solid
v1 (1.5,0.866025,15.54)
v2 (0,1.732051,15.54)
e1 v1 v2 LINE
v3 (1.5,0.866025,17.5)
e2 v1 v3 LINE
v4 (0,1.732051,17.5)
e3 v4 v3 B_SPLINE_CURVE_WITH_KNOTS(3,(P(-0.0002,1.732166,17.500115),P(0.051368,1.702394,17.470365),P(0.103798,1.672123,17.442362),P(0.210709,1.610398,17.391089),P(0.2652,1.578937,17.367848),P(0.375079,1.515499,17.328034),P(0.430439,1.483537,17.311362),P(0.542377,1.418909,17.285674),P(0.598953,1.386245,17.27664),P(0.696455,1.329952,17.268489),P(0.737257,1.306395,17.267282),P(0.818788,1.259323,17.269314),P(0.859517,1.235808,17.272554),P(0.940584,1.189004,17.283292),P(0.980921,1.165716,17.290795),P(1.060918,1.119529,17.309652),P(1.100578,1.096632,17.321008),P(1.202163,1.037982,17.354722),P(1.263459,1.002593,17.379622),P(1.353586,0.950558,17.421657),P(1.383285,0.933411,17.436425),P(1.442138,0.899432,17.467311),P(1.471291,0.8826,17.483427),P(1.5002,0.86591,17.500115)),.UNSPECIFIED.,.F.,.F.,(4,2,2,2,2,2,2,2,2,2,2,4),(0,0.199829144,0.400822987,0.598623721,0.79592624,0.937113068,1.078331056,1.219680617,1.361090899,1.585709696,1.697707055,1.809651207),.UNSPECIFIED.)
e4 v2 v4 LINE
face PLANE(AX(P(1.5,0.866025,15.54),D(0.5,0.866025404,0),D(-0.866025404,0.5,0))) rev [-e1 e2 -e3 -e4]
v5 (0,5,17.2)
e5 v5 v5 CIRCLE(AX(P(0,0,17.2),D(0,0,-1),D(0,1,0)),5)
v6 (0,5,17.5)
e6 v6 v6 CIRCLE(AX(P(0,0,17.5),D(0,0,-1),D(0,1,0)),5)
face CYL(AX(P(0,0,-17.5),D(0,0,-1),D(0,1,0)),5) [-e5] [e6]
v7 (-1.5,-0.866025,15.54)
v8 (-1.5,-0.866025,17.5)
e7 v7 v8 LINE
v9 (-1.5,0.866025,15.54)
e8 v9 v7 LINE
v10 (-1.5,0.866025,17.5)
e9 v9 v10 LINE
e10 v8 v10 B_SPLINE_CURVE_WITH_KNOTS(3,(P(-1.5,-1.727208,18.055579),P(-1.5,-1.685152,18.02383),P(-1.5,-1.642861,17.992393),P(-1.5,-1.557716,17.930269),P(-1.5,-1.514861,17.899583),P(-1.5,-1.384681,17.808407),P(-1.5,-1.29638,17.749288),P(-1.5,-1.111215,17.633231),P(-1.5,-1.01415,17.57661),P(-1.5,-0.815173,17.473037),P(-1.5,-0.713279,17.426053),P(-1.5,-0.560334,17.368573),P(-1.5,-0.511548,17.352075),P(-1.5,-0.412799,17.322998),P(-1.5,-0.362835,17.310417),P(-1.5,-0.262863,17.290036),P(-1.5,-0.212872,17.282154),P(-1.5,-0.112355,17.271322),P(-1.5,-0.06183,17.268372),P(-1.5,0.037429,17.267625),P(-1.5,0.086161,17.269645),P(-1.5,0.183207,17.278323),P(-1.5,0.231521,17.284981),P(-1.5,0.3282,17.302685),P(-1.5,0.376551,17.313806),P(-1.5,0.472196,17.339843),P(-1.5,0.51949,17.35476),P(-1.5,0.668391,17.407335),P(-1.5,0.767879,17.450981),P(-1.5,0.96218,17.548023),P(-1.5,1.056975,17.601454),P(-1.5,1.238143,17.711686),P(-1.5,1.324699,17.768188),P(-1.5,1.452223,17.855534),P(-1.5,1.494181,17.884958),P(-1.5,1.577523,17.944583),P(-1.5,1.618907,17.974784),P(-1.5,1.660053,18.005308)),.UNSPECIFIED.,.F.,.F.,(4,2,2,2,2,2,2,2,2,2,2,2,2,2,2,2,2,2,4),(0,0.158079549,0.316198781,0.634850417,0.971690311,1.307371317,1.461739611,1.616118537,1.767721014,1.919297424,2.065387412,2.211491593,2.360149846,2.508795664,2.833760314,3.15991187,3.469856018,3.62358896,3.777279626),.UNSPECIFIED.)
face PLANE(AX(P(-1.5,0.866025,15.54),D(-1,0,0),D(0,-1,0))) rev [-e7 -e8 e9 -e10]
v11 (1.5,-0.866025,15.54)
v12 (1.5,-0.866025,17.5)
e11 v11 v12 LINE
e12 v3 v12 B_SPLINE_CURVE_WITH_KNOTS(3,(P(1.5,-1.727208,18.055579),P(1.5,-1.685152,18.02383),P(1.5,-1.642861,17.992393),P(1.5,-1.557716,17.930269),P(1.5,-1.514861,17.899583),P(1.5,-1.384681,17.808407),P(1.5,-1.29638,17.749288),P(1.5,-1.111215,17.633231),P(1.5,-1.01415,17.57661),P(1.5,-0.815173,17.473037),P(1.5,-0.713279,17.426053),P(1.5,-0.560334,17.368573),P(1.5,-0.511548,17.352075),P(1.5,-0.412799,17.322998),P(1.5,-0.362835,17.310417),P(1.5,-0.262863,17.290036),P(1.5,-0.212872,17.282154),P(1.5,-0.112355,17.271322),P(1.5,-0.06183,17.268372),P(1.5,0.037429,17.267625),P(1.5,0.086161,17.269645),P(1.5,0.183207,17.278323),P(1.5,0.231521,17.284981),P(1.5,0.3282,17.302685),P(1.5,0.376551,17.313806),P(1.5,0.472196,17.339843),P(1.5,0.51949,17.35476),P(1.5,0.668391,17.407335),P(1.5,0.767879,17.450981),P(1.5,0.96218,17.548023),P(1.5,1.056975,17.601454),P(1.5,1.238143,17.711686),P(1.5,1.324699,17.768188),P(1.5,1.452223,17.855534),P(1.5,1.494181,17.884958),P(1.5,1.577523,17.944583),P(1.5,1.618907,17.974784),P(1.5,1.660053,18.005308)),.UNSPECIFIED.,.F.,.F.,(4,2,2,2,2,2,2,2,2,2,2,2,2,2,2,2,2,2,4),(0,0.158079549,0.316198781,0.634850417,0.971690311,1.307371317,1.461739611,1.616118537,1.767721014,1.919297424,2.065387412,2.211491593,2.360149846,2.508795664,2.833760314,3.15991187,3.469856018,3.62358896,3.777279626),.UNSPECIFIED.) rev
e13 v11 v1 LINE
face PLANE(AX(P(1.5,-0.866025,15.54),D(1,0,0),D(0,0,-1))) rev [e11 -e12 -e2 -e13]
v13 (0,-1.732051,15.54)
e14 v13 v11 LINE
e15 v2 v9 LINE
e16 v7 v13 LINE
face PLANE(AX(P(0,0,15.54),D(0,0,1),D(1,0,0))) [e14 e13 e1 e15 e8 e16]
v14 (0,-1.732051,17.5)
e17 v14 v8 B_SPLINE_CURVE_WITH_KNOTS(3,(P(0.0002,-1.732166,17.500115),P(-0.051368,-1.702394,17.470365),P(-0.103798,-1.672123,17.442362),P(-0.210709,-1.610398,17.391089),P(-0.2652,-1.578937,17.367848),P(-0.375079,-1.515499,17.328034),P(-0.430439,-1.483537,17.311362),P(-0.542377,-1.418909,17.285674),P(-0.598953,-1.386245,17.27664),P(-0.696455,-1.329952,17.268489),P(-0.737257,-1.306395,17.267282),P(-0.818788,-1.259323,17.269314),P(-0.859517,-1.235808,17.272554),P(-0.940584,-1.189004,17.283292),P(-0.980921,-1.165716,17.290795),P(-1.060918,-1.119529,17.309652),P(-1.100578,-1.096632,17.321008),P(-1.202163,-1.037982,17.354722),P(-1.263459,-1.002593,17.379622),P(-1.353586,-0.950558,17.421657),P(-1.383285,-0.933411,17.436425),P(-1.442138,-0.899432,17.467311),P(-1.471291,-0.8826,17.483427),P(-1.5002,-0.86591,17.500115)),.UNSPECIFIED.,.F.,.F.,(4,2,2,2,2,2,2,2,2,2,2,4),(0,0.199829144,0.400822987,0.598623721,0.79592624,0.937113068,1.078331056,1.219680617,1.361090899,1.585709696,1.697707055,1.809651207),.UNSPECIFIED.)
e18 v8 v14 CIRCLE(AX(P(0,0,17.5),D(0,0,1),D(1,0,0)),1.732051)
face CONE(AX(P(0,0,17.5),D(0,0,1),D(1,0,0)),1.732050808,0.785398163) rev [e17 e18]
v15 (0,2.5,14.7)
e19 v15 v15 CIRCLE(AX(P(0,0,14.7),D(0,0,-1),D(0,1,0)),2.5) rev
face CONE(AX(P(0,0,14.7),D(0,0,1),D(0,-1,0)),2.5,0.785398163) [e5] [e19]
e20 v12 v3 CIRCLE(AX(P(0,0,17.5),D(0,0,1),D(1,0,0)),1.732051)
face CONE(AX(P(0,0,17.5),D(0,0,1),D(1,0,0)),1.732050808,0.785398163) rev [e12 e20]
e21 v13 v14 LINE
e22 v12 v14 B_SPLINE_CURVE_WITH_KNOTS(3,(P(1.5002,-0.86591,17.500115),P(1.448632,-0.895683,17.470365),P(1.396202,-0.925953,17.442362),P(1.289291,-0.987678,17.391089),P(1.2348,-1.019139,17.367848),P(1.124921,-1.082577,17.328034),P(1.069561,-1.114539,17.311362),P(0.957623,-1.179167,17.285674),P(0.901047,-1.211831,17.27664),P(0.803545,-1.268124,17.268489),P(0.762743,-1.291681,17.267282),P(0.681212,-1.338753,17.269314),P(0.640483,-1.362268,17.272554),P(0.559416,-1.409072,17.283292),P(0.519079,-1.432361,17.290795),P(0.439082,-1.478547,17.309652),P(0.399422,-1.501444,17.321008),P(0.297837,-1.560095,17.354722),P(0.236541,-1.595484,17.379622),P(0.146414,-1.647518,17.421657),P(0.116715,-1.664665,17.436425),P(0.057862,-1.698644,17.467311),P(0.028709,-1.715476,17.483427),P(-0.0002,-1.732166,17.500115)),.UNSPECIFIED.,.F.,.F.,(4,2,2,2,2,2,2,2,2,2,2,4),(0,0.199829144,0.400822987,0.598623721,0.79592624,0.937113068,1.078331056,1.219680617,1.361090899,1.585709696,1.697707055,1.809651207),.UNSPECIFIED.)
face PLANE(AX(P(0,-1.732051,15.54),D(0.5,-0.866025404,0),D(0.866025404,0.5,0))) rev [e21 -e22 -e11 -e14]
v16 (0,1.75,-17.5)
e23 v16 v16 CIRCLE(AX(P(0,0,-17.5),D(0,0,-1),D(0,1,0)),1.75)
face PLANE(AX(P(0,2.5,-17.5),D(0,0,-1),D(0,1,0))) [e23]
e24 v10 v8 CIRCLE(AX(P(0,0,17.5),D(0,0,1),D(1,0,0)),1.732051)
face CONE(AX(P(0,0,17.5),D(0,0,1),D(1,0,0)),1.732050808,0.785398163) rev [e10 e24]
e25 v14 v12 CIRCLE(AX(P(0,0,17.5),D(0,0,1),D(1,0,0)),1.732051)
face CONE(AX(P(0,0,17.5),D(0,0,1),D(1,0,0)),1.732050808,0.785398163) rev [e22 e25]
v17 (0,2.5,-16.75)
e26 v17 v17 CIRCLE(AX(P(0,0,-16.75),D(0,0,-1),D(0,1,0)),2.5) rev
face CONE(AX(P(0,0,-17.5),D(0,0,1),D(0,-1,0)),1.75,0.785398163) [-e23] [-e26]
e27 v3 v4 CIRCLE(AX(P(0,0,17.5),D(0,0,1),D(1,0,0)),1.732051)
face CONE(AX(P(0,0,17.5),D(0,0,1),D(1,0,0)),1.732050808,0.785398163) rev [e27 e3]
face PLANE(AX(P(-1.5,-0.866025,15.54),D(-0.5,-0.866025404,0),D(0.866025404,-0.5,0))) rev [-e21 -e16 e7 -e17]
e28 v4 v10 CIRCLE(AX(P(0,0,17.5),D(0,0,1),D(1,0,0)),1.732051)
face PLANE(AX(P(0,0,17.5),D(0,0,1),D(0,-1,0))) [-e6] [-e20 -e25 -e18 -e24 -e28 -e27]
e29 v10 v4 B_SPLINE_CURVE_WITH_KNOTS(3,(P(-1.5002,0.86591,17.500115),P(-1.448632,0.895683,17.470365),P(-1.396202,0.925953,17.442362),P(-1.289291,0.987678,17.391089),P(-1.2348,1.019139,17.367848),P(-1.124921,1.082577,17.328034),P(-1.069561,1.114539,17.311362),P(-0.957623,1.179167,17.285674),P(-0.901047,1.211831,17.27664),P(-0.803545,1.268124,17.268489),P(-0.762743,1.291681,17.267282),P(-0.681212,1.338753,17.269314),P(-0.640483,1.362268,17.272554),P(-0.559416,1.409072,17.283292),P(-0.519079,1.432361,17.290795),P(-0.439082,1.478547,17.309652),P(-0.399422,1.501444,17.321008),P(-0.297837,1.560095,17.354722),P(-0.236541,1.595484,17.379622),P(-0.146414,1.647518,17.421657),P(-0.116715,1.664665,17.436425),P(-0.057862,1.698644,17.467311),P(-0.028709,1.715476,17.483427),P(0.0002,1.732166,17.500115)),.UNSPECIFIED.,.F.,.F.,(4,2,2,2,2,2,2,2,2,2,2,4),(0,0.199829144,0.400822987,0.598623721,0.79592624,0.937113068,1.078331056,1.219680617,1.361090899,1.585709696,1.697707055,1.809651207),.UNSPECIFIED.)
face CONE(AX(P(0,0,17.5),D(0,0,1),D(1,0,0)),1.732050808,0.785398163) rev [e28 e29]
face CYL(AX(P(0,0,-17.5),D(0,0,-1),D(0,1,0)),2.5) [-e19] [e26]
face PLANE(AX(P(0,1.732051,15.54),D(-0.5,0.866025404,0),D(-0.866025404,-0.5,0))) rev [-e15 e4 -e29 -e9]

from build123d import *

# Parameters (mm, degrees)
SKETCH3_W          = 35
SKETCH3_H          = 2.5
CHAMFER1_SIZE      = 0.75
CUT_EXTRUDE1_DEPTH = 1.96
SKETCH9_R          = 1.732050808
CUT_EXTRUDE2_DEPTH = 1.96
CUT_EXTRUDE2_DRAFT = -45


with BuildPart() as part:
    # Sketch3 → Revolve1 (revolve)
    with BuildSketch(Plane(origin=(0, 0, 0), x_dir=(0, 0, -1), z_dir=(1, 0, 0))):
        with Locations((0, 1.25)):
            Rectangle(SKETCH3_W, SKETCH3_H)
    revolve(axis=Axis((0, 0, -17.5), (0, 0, 1)))

    # Chamfer1
    chamfer1_edges = [part.edges().sort_by_distance(p)[0] for p in [
        (0, -2.5, -17.5),
    ]]
    chamfer(chamfer1_edges, length=CHAMFER1_SIZE)

    # Sketch6 → Revolve2 (revolve)
    with BuildSketch(Plane(origin=(0, 0, 0), x_dir=(0, 0, -1), z_dir=(1, 0, 0))):
        Polygon((-17.5, 5), (-17.2, 5), (-14.7, 2.5), (-14.7, 0), (-17.5, 0), align=None)
    revolve(axis=Axis((0, 0, -17.5), (0, 0, 1)))

    # Sketch8 → Cut-Extrude1 (cut)
    with BuildSketch(Plane.XY.offset(17.5)):
        Polygon((0, 1.732050808), (-1.5, 0.866025404), (-1.5, -0.866025404), (0, -1.732050808), (1.5, -0.866025404), (1.5, 0.866025404), align=None)
    extrude(amount=-CUT_EXTRUDE1_DEPTH, mode=Mode.SUBTRACT)


with BuildPart() as cut_extrude2_tool:
    # Sketch9 → Cut-Extrude2 (with draft: the straight prism first)
    with BuildSketch(Plane.XY.offset(17.5)):
        Circle(SKETCH9_R)
    extrude(amount=-CUT_EXTRUDE2_DEPTH)
    # Cut-Extrude2: the draft: its side faces are tilted about the plane it starts from
    cut_extrude2_sides = [cut_extrude2_tool.faces().sort_by_distance(p)[0] for p in [
        (-1.732050808, 0, 16.52),
    ]]
    draft(cut_extrude2_sides, Plane.XY.offset(17.5), CUT_EXTRUDE2_DRAFT)


with BuildPart() as part_1:
    add(part.part)

    # Cut-Extrude2: cut by cut_extrude2_tool
    add(cut_extrude2_tool.part, mode=Mode.SUBTRACT)


solid = part_1.part
